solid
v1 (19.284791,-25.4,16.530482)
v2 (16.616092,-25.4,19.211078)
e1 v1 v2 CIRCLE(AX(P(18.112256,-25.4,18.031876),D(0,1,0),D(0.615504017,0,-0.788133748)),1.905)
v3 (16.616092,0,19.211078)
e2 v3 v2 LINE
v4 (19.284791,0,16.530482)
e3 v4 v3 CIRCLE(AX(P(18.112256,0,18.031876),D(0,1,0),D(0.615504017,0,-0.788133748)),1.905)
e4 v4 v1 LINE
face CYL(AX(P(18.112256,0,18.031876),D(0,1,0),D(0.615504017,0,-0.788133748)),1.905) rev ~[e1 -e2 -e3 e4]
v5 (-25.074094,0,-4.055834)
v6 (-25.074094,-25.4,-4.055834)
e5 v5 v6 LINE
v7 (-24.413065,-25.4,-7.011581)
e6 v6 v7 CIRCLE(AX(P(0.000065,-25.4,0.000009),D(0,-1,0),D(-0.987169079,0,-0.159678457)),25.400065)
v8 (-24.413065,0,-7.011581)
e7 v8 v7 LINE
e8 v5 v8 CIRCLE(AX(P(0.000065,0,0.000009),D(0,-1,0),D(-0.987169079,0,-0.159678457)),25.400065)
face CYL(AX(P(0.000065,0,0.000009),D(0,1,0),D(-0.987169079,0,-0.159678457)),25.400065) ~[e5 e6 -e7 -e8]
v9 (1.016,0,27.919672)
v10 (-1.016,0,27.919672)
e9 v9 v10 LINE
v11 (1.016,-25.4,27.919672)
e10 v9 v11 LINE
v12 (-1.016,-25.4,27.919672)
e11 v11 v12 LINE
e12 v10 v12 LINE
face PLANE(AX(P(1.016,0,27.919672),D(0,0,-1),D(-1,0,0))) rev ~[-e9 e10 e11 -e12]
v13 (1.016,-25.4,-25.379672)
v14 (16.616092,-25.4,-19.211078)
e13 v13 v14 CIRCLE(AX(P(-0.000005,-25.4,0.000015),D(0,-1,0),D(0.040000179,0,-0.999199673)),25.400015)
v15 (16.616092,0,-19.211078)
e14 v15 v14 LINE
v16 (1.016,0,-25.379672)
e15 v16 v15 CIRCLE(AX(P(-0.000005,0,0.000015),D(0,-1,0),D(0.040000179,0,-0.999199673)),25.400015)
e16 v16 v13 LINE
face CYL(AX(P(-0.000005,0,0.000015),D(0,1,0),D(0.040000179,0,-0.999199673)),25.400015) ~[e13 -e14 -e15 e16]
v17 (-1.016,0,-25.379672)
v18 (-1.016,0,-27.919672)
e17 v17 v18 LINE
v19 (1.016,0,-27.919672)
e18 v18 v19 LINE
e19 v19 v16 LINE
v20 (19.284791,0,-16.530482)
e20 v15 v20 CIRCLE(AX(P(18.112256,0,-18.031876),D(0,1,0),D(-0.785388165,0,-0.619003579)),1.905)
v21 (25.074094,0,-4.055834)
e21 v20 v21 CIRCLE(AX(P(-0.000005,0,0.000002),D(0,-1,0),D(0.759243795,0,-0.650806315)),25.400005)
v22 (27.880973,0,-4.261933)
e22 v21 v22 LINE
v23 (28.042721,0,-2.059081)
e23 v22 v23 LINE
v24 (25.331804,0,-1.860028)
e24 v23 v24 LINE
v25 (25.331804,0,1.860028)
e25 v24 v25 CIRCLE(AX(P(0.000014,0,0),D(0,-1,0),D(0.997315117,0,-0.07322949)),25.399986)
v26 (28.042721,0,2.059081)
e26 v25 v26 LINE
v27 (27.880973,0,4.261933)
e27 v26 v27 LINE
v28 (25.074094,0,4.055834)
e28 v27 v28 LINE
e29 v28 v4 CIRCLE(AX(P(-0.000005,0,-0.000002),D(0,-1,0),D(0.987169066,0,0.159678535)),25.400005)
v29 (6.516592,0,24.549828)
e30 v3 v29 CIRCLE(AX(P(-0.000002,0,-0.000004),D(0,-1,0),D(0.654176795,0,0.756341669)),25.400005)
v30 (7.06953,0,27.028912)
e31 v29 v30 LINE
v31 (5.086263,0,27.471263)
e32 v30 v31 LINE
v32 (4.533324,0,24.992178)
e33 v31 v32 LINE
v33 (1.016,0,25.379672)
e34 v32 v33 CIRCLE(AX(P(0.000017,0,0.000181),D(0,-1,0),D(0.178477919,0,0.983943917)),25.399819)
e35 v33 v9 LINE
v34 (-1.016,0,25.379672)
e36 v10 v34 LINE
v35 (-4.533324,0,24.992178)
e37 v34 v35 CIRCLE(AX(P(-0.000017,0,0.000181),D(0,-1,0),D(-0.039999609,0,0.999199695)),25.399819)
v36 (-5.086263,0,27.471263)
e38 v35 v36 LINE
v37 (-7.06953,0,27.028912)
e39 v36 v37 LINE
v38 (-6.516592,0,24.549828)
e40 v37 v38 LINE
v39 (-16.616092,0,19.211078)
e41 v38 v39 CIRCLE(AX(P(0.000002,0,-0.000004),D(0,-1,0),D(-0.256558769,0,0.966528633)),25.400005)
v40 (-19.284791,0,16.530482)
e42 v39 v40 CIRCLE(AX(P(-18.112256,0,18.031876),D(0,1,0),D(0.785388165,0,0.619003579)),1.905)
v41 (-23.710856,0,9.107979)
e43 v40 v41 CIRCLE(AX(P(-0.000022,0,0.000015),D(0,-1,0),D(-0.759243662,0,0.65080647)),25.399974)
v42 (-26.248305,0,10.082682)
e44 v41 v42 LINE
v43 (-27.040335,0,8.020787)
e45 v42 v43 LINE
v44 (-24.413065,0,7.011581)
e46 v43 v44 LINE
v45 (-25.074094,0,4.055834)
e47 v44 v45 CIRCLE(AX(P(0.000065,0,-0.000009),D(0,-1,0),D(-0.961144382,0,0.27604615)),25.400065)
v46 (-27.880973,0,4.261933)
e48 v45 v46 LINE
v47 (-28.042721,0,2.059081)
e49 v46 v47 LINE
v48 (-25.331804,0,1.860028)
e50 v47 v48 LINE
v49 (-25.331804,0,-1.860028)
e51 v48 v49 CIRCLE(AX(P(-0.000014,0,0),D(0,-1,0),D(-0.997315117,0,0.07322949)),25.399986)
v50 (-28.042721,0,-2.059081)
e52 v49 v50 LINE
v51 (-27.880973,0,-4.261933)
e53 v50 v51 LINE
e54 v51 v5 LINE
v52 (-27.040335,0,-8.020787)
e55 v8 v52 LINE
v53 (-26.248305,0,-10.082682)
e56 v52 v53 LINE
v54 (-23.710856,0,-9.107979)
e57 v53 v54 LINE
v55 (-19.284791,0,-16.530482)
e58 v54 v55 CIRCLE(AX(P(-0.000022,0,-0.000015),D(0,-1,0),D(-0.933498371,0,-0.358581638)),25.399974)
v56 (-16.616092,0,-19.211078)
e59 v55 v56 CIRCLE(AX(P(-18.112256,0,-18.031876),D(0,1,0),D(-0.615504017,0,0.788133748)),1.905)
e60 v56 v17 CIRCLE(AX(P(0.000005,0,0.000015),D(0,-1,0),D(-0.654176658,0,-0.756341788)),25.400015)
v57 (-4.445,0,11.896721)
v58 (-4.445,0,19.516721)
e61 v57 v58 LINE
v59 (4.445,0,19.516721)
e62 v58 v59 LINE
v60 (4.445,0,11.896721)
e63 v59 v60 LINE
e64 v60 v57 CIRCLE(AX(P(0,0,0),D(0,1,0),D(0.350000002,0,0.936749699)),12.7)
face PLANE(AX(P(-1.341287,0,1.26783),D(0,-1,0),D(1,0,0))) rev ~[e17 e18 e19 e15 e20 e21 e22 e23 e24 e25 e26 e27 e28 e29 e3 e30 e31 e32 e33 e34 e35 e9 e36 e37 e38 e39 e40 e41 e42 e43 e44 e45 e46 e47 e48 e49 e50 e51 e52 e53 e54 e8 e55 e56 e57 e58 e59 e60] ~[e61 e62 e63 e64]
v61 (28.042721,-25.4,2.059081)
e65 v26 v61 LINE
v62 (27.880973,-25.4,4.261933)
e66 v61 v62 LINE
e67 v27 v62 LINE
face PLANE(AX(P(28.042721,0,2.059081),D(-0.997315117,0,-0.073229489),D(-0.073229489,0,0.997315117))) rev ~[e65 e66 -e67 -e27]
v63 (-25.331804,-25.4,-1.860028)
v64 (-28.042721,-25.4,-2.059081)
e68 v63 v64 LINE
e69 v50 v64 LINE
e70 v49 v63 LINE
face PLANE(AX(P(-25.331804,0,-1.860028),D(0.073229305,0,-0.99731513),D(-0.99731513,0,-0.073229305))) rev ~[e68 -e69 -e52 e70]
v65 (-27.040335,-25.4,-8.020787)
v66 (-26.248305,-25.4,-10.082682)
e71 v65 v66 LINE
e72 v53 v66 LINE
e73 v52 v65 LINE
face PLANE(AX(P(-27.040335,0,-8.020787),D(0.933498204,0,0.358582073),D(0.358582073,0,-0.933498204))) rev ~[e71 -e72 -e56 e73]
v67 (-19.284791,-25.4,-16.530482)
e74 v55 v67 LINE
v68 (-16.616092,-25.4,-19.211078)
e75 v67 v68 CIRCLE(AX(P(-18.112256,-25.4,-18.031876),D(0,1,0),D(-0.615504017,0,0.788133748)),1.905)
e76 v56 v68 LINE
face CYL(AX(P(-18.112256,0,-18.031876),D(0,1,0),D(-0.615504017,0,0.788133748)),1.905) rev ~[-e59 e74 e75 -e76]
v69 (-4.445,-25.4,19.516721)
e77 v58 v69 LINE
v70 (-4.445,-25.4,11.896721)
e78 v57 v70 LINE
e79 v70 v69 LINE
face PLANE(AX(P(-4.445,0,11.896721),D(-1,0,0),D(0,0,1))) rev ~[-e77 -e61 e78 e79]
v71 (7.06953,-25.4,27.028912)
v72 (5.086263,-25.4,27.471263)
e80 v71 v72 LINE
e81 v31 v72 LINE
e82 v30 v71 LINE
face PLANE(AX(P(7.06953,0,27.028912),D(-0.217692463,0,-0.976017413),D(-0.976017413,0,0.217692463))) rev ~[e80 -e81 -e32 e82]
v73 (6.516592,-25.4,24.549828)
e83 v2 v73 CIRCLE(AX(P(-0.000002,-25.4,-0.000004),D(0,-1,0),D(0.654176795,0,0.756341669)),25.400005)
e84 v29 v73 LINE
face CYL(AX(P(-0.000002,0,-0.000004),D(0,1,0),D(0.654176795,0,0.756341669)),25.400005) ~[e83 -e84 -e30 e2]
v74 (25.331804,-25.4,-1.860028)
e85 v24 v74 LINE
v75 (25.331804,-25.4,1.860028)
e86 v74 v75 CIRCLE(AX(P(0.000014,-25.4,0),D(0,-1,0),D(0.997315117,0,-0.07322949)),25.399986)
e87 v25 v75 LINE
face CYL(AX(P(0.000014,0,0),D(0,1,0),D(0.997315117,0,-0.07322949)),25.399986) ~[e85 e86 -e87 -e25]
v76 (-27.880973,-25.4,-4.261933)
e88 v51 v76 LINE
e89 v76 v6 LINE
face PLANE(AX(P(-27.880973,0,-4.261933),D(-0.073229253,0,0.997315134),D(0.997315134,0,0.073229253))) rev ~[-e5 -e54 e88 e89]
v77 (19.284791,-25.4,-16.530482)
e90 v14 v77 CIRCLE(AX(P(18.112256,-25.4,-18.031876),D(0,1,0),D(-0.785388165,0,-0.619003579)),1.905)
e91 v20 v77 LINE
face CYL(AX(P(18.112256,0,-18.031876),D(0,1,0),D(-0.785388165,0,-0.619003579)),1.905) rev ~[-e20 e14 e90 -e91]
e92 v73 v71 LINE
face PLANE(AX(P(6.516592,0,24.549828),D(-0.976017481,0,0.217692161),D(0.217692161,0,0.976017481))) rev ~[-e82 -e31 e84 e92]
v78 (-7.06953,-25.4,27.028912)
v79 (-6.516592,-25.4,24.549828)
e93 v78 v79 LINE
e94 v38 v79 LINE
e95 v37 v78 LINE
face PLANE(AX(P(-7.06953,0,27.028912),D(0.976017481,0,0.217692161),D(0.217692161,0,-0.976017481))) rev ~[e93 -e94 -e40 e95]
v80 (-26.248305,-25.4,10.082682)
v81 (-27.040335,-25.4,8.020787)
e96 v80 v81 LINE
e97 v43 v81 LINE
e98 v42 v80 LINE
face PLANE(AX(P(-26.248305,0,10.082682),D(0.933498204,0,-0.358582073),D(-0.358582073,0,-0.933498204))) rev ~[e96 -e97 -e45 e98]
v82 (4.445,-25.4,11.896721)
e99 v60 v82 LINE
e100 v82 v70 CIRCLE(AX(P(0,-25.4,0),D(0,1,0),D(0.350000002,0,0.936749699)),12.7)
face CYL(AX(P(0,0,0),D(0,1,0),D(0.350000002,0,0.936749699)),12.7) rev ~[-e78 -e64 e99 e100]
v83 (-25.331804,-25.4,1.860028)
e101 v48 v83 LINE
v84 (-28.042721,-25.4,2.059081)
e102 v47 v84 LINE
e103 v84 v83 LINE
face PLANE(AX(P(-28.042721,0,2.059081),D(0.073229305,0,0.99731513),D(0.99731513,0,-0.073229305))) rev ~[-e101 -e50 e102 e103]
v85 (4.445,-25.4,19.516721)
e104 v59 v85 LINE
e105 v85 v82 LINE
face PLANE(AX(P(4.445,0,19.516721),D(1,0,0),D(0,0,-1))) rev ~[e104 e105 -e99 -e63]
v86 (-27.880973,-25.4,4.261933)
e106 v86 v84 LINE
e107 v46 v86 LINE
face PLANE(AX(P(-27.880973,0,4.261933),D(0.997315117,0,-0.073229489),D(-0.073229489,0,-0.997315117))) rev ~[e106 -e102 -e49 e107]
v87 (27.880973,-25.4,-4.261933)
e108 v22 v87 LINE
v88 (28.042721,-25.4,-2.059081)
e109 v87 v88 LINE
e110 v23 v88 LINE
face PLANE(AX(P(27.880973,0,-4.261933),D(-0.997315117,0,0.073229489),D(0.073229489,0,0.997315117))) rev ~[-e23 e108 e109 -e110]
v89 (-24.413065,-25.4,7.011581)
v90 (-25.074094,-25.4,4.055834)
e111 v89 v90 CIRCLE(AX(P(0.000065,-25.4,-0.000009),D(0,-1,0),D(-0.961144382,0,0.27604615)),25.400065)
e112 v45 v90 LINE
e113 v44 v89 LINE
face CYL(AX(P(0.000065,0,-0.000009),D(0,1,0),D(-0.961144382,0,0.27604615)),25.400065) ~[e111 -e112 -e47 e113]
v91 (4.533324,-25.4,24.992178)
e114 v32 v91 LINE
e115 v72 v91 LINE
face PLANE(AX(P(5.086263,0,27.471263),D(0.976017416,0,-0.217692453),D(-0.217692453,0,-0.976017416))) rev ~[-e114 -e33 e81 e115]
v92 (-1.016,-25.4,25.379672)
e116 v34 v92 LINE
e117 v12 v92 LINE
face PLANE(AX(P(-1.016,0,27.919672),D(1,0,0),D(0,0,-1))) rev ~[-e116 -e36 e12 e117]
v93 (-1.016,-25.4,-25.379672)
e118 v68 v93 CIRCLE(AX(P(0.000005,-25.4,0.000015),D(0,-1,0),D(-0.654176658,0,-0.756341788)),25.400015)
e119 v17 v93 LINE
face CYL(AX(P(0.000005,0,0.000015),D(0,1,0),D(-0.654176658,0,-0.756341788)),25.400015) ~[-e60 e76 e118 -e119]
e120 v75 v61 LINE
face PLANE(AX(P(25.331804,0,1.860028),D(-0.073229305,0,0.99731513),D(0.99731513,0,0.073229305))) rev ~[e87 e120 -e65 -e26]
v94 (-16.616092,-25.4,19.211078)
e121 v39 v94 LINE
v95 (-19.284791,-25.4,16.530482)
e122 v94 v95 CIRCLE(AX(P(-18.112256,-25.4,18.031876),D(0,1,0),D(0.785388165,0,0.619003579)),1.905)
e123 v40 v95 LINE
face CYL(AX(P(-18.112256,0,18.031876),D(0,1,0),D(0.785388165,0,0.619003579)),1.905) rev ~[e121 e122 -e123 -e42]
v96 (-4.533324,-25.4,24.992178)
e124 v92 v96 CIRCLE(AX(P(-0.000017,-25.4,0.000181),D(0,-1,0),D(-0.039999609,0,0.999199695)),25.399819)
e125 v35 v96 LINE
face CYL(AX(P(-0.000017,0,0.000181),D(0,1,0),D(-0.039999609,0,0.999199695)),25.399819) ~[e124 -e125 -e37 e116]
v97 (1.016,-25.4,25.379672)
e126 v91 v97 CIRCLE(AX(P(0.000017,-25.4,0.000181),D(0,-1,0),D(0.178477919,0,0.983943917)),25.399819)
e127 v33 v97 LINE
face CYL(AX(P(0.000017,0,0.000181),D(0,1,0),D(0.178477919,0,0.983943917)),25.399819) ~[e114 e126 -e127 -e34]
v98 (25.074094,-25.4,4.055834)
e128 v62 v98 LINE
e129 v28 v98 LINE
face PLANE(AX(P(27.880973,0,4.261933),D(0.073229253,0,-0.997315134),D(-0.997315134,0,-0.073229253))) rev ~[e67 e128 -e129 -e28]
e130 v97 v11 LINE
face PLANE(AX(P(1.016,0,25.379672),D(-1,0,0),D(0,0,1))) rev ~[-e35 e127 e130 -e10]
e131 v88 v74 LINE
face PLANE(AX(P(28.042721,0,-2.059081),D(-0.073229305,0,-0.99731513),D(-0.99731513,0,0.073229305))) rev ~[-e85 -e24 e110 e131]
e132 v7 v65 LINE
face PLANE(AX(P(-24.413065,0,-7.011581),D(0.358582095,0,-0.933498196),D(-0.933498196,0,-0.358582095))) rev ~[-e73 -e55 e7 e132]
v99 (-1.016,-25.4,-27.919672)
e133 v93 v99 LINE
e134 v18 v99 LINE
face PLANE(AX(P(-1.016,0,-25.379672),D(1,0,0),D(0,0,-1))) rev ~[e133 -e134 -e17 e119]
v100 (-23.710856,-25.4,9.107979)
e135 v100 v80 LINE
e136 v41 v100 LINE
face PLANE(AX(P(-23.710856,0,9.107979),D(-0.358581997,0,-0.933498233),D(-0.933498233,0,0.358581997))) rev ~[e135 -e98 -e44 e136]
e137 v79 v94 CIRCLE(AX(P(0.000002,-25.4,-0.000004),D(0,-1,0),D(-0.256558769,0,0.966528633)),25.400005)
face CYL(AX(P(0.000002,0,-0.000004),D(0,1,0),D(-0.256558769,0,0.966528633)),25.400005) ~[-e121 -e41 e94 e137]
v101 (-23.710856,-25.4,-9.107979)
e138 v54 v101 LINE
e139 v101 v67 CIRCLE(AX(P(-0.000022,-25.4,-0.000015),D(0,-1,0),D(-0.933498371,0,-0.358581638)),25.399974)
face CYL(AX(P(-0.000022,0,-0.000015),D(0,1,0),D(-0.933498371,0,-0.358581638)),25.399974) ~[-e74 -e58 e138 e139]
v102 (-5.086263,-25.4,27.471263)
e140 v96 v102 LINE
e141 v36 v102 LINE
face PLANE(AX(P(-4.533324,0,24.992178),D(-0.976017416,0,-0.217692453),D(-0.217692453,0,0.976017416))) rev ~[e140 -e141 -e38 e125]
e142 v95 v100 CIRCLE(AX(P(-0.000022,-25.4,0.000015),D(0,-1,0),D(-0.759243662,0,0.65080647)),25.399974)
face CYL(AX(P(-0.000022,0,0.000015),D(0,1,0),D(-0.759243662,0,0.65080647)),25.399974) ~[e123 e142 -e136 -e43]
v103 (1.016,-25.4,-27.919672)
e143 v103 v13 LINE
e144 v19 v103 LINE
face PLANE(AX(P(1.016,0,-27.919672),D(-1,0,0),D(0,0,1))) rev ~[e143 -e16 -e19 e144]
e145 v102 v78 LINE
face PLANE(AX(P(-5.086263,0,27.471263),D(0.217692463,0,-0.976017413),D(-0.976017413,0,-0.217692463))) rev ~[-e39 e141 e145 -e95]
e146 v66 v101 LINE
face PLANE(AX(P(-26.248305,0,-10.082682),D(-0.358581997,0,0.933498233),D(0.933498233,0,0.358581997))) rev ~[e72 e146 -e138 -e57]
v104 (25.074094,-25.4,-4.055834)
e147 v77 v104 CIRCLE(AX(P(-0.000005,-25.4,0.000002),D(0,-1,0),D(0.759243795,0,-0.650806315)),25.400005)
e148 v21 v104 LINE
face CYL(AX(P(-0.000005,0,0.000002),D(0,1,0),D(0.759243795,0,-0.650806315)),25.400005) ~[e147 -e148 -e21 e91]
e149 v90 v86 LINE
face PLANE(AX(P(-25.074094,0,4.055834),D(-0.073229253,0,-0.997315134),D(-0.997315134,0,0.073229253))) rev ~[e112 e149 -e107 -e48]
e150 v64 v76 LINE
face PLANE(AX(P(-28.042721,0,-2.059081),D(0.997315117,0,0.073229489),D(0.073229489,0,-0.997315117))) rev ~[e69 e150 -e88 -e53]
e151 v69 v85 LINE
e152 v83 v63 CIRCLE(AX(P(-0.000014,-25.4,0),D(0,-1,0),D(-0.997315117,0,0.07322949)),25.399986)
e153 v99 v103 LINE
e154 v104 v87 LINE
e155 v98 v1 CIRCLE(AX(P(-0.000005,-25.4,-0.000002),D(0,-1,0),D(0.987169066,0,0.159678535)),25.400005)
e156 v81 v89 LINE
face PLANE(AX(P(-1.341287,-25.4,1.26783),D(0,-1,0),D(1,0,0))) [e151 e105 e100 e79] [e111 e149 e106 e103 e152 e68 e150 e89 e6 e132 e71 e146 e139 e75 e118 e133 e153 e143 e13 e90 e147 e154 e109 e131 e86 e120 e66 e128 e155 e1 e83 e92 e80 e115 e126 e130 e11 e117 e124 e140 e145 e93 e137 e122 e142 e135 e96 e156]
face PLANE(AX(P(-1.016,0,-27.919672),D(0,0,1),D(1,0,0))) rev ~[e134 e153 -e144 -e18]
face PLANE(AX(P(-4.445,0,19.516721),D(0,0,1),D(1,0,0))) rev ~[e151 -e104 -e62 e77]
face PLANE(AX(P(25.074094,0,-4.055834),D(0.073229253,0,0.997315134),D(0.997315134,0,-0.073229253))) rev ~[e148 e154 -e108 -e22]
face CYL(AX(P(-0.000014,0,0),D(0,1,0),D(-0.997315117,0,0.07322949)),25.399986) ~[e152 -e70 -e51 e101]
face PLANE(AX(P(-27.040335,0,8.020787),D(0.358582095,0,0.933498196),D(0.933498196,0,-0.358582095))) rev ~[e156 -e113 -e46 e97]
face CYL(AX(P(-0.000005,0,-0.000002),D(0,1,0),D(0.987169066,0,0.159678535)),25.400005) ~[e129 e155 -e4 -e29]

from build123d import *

# Parameters (mm, degrees)
F1_DEPTH = 25.4


with BuildPart() as f1:
    # F0 (on Front) → F1 (new body)
    with BuildSketch(Plane.XZ):
        with BuildLine():
            ThreePointArc((19.284791, 16.530482), (16.762226, 16.687837), (16.616092, 19.211078))
            ThreePointArc((16.616092, 19.211078), (11.870376, 22.455605), (6.516592, 24.549828))
            Line((6.516592, 24.549828), (7.06953, 27.028912))
            Line((7.06953, 27.028912), (5.086263, 27.471263))
            Line((5.086263, 27.471263), (4.533324, 24.992178))
            ThreePointArc((4.533324, 24.992178), (2.781418, 25.247252), (1.016, 25.379672))
            Line((1.016, 25.379672), (1.016, 27.919672))
            Line((1.016, 27.919672), (-1.016, 27.919672))
            Line((-1.016, 27.919672), (-1.016, 25.379672))
            ThreePointArc((-1.016, 25.379672), (-2.781418, 25.247252), (-4.533324, 24.992178))
            Line((-4.533324, 24.992178), (-5.086263, 27.471263))
            Line((-5.086263, 27.471263), (-7.06953, 27.028912))
            Line((-7.06953, 27.028912), (-6.516592, 24.549828))
            ThreePointArc((-6.516592, 24.549828), (-11.870376, 22.455605), (-16.616092, 19.211078))
            ThreePointArc((-16.616092, 19.211078), (-16.762226, 16.687837), (-19.284791, 16.530482))
            ThreePointArc((-19.284791, 16.530482), (-21.815816, 13.00885), (-23.710856, 9.107979))
            Line((-23.710856, 9.107979), (-26.248305, 10.082682))
            Line((-26.248305, 10.082682), (-27.040335, 8.020787))
            Line((-27.040335, 8.020787), (-24.413065, 7.011581))
            ThreePointArc((-24.413065, 7.011581), (-24.787675, 5.543569), (-25.074094, 4.055834))
            Line((-25.074094, 4.055834), (-27.880973, 4.261933))
            Line((-27.880973, 4.261933), (-28.042721, 2.059081))
            Line((-28.042721, 2.059081), (-25.331804, 1.860028))
            ThreePointArc((-25.331804, 1.860028), (-25.4, 0), (-25.331804, -1.860028))
            Line((-25.331804, -1.860028), (-28.042721, -2.059081))
            Line((-28.042721, -2.059081), (-27.880973, -4.261933))
            Line((-27.880973, -4.261933), (-25.074094, -4.055834))
            ThreePointArc((-25.074094, -4.055834), (-24.787675, -5.543569), (-24.413065, -7.011581))
            Line((-24.413065, -7.011581), (-27.040335, -8.020787))
            Line((-27.040335, -8.020787), (-26.248305, -10.082682))
            Line((-26.248305, -10.082682), (-23.710856, -9.107979))
            ThreePointArc((-23.710856, -9.107979), (-21.815816, -13.00885), (-19.284791, -16.530482))
            ThreePointArc((-19.284791, -16.530482), (-16.762226, -16.687837), (-16.616092, -19.211078))
            ThreePointArc((-16.616092, -19.211078), (-9.339997, -23.620424), (-1.016, -25.379672))
            Line((-1.016, -25.379672), (-1.016, -27.919672))
            Line((-1.016, -27.919672), (1.016, -27.919672))
            Line((1.016, -27.919672), (1.016, -25.379672))
            ThreePointArc((1.016, -25.379672), (9.339997, -23.620424), (16.616092, -19.211078))
            ThreePointArc((16.616092, -19.211078), (16.762226, -16.687837), (19.284791, -16.530482))
            ThreePointArc((19.284791, -16.530482), (23.039789, -10.692432), (25.074094, -4.055834))
            Line((25.074094, -4.055834), (27.880973, -4.261933))
            Line((27.880973, -4.261933), (28.042721, -2.059081))
            Line((28.042721, -2.059081), (25.331804, -1.860028))
            ThreePointArc((25.331804, -1.860028), (25.4, 0), (25.331804, 1.860028))
            Line((25.331804, 1.860028), (28.042721, 2.059081))
            Line((28.042721, 2.059081), (27.880973, 4.261933))
            Line((27.880973, 4.261933), (25.074094, 4.055834))
            ThreePointArc((25.074094, 4.055834), (23.039789, 10.692432), (19.284791, 16.530482))
        make_face()
        with BuildLine():
            ThreePointArc((4.445, 11.896721), (0, -12.7), (-4.445, 11.896721))
            Line((-4.445, 11.896721), (-4.445, 19.516721))
            Line((-4.445, 19.516721), (4.445, 19.516721))
            Line((4.445, 19.516721), (4.445, 11.896721))
        make_face(mode=Mode.SUBTRACT)
    extrude(amount=F1_DEPTH)


solid = f1.part
